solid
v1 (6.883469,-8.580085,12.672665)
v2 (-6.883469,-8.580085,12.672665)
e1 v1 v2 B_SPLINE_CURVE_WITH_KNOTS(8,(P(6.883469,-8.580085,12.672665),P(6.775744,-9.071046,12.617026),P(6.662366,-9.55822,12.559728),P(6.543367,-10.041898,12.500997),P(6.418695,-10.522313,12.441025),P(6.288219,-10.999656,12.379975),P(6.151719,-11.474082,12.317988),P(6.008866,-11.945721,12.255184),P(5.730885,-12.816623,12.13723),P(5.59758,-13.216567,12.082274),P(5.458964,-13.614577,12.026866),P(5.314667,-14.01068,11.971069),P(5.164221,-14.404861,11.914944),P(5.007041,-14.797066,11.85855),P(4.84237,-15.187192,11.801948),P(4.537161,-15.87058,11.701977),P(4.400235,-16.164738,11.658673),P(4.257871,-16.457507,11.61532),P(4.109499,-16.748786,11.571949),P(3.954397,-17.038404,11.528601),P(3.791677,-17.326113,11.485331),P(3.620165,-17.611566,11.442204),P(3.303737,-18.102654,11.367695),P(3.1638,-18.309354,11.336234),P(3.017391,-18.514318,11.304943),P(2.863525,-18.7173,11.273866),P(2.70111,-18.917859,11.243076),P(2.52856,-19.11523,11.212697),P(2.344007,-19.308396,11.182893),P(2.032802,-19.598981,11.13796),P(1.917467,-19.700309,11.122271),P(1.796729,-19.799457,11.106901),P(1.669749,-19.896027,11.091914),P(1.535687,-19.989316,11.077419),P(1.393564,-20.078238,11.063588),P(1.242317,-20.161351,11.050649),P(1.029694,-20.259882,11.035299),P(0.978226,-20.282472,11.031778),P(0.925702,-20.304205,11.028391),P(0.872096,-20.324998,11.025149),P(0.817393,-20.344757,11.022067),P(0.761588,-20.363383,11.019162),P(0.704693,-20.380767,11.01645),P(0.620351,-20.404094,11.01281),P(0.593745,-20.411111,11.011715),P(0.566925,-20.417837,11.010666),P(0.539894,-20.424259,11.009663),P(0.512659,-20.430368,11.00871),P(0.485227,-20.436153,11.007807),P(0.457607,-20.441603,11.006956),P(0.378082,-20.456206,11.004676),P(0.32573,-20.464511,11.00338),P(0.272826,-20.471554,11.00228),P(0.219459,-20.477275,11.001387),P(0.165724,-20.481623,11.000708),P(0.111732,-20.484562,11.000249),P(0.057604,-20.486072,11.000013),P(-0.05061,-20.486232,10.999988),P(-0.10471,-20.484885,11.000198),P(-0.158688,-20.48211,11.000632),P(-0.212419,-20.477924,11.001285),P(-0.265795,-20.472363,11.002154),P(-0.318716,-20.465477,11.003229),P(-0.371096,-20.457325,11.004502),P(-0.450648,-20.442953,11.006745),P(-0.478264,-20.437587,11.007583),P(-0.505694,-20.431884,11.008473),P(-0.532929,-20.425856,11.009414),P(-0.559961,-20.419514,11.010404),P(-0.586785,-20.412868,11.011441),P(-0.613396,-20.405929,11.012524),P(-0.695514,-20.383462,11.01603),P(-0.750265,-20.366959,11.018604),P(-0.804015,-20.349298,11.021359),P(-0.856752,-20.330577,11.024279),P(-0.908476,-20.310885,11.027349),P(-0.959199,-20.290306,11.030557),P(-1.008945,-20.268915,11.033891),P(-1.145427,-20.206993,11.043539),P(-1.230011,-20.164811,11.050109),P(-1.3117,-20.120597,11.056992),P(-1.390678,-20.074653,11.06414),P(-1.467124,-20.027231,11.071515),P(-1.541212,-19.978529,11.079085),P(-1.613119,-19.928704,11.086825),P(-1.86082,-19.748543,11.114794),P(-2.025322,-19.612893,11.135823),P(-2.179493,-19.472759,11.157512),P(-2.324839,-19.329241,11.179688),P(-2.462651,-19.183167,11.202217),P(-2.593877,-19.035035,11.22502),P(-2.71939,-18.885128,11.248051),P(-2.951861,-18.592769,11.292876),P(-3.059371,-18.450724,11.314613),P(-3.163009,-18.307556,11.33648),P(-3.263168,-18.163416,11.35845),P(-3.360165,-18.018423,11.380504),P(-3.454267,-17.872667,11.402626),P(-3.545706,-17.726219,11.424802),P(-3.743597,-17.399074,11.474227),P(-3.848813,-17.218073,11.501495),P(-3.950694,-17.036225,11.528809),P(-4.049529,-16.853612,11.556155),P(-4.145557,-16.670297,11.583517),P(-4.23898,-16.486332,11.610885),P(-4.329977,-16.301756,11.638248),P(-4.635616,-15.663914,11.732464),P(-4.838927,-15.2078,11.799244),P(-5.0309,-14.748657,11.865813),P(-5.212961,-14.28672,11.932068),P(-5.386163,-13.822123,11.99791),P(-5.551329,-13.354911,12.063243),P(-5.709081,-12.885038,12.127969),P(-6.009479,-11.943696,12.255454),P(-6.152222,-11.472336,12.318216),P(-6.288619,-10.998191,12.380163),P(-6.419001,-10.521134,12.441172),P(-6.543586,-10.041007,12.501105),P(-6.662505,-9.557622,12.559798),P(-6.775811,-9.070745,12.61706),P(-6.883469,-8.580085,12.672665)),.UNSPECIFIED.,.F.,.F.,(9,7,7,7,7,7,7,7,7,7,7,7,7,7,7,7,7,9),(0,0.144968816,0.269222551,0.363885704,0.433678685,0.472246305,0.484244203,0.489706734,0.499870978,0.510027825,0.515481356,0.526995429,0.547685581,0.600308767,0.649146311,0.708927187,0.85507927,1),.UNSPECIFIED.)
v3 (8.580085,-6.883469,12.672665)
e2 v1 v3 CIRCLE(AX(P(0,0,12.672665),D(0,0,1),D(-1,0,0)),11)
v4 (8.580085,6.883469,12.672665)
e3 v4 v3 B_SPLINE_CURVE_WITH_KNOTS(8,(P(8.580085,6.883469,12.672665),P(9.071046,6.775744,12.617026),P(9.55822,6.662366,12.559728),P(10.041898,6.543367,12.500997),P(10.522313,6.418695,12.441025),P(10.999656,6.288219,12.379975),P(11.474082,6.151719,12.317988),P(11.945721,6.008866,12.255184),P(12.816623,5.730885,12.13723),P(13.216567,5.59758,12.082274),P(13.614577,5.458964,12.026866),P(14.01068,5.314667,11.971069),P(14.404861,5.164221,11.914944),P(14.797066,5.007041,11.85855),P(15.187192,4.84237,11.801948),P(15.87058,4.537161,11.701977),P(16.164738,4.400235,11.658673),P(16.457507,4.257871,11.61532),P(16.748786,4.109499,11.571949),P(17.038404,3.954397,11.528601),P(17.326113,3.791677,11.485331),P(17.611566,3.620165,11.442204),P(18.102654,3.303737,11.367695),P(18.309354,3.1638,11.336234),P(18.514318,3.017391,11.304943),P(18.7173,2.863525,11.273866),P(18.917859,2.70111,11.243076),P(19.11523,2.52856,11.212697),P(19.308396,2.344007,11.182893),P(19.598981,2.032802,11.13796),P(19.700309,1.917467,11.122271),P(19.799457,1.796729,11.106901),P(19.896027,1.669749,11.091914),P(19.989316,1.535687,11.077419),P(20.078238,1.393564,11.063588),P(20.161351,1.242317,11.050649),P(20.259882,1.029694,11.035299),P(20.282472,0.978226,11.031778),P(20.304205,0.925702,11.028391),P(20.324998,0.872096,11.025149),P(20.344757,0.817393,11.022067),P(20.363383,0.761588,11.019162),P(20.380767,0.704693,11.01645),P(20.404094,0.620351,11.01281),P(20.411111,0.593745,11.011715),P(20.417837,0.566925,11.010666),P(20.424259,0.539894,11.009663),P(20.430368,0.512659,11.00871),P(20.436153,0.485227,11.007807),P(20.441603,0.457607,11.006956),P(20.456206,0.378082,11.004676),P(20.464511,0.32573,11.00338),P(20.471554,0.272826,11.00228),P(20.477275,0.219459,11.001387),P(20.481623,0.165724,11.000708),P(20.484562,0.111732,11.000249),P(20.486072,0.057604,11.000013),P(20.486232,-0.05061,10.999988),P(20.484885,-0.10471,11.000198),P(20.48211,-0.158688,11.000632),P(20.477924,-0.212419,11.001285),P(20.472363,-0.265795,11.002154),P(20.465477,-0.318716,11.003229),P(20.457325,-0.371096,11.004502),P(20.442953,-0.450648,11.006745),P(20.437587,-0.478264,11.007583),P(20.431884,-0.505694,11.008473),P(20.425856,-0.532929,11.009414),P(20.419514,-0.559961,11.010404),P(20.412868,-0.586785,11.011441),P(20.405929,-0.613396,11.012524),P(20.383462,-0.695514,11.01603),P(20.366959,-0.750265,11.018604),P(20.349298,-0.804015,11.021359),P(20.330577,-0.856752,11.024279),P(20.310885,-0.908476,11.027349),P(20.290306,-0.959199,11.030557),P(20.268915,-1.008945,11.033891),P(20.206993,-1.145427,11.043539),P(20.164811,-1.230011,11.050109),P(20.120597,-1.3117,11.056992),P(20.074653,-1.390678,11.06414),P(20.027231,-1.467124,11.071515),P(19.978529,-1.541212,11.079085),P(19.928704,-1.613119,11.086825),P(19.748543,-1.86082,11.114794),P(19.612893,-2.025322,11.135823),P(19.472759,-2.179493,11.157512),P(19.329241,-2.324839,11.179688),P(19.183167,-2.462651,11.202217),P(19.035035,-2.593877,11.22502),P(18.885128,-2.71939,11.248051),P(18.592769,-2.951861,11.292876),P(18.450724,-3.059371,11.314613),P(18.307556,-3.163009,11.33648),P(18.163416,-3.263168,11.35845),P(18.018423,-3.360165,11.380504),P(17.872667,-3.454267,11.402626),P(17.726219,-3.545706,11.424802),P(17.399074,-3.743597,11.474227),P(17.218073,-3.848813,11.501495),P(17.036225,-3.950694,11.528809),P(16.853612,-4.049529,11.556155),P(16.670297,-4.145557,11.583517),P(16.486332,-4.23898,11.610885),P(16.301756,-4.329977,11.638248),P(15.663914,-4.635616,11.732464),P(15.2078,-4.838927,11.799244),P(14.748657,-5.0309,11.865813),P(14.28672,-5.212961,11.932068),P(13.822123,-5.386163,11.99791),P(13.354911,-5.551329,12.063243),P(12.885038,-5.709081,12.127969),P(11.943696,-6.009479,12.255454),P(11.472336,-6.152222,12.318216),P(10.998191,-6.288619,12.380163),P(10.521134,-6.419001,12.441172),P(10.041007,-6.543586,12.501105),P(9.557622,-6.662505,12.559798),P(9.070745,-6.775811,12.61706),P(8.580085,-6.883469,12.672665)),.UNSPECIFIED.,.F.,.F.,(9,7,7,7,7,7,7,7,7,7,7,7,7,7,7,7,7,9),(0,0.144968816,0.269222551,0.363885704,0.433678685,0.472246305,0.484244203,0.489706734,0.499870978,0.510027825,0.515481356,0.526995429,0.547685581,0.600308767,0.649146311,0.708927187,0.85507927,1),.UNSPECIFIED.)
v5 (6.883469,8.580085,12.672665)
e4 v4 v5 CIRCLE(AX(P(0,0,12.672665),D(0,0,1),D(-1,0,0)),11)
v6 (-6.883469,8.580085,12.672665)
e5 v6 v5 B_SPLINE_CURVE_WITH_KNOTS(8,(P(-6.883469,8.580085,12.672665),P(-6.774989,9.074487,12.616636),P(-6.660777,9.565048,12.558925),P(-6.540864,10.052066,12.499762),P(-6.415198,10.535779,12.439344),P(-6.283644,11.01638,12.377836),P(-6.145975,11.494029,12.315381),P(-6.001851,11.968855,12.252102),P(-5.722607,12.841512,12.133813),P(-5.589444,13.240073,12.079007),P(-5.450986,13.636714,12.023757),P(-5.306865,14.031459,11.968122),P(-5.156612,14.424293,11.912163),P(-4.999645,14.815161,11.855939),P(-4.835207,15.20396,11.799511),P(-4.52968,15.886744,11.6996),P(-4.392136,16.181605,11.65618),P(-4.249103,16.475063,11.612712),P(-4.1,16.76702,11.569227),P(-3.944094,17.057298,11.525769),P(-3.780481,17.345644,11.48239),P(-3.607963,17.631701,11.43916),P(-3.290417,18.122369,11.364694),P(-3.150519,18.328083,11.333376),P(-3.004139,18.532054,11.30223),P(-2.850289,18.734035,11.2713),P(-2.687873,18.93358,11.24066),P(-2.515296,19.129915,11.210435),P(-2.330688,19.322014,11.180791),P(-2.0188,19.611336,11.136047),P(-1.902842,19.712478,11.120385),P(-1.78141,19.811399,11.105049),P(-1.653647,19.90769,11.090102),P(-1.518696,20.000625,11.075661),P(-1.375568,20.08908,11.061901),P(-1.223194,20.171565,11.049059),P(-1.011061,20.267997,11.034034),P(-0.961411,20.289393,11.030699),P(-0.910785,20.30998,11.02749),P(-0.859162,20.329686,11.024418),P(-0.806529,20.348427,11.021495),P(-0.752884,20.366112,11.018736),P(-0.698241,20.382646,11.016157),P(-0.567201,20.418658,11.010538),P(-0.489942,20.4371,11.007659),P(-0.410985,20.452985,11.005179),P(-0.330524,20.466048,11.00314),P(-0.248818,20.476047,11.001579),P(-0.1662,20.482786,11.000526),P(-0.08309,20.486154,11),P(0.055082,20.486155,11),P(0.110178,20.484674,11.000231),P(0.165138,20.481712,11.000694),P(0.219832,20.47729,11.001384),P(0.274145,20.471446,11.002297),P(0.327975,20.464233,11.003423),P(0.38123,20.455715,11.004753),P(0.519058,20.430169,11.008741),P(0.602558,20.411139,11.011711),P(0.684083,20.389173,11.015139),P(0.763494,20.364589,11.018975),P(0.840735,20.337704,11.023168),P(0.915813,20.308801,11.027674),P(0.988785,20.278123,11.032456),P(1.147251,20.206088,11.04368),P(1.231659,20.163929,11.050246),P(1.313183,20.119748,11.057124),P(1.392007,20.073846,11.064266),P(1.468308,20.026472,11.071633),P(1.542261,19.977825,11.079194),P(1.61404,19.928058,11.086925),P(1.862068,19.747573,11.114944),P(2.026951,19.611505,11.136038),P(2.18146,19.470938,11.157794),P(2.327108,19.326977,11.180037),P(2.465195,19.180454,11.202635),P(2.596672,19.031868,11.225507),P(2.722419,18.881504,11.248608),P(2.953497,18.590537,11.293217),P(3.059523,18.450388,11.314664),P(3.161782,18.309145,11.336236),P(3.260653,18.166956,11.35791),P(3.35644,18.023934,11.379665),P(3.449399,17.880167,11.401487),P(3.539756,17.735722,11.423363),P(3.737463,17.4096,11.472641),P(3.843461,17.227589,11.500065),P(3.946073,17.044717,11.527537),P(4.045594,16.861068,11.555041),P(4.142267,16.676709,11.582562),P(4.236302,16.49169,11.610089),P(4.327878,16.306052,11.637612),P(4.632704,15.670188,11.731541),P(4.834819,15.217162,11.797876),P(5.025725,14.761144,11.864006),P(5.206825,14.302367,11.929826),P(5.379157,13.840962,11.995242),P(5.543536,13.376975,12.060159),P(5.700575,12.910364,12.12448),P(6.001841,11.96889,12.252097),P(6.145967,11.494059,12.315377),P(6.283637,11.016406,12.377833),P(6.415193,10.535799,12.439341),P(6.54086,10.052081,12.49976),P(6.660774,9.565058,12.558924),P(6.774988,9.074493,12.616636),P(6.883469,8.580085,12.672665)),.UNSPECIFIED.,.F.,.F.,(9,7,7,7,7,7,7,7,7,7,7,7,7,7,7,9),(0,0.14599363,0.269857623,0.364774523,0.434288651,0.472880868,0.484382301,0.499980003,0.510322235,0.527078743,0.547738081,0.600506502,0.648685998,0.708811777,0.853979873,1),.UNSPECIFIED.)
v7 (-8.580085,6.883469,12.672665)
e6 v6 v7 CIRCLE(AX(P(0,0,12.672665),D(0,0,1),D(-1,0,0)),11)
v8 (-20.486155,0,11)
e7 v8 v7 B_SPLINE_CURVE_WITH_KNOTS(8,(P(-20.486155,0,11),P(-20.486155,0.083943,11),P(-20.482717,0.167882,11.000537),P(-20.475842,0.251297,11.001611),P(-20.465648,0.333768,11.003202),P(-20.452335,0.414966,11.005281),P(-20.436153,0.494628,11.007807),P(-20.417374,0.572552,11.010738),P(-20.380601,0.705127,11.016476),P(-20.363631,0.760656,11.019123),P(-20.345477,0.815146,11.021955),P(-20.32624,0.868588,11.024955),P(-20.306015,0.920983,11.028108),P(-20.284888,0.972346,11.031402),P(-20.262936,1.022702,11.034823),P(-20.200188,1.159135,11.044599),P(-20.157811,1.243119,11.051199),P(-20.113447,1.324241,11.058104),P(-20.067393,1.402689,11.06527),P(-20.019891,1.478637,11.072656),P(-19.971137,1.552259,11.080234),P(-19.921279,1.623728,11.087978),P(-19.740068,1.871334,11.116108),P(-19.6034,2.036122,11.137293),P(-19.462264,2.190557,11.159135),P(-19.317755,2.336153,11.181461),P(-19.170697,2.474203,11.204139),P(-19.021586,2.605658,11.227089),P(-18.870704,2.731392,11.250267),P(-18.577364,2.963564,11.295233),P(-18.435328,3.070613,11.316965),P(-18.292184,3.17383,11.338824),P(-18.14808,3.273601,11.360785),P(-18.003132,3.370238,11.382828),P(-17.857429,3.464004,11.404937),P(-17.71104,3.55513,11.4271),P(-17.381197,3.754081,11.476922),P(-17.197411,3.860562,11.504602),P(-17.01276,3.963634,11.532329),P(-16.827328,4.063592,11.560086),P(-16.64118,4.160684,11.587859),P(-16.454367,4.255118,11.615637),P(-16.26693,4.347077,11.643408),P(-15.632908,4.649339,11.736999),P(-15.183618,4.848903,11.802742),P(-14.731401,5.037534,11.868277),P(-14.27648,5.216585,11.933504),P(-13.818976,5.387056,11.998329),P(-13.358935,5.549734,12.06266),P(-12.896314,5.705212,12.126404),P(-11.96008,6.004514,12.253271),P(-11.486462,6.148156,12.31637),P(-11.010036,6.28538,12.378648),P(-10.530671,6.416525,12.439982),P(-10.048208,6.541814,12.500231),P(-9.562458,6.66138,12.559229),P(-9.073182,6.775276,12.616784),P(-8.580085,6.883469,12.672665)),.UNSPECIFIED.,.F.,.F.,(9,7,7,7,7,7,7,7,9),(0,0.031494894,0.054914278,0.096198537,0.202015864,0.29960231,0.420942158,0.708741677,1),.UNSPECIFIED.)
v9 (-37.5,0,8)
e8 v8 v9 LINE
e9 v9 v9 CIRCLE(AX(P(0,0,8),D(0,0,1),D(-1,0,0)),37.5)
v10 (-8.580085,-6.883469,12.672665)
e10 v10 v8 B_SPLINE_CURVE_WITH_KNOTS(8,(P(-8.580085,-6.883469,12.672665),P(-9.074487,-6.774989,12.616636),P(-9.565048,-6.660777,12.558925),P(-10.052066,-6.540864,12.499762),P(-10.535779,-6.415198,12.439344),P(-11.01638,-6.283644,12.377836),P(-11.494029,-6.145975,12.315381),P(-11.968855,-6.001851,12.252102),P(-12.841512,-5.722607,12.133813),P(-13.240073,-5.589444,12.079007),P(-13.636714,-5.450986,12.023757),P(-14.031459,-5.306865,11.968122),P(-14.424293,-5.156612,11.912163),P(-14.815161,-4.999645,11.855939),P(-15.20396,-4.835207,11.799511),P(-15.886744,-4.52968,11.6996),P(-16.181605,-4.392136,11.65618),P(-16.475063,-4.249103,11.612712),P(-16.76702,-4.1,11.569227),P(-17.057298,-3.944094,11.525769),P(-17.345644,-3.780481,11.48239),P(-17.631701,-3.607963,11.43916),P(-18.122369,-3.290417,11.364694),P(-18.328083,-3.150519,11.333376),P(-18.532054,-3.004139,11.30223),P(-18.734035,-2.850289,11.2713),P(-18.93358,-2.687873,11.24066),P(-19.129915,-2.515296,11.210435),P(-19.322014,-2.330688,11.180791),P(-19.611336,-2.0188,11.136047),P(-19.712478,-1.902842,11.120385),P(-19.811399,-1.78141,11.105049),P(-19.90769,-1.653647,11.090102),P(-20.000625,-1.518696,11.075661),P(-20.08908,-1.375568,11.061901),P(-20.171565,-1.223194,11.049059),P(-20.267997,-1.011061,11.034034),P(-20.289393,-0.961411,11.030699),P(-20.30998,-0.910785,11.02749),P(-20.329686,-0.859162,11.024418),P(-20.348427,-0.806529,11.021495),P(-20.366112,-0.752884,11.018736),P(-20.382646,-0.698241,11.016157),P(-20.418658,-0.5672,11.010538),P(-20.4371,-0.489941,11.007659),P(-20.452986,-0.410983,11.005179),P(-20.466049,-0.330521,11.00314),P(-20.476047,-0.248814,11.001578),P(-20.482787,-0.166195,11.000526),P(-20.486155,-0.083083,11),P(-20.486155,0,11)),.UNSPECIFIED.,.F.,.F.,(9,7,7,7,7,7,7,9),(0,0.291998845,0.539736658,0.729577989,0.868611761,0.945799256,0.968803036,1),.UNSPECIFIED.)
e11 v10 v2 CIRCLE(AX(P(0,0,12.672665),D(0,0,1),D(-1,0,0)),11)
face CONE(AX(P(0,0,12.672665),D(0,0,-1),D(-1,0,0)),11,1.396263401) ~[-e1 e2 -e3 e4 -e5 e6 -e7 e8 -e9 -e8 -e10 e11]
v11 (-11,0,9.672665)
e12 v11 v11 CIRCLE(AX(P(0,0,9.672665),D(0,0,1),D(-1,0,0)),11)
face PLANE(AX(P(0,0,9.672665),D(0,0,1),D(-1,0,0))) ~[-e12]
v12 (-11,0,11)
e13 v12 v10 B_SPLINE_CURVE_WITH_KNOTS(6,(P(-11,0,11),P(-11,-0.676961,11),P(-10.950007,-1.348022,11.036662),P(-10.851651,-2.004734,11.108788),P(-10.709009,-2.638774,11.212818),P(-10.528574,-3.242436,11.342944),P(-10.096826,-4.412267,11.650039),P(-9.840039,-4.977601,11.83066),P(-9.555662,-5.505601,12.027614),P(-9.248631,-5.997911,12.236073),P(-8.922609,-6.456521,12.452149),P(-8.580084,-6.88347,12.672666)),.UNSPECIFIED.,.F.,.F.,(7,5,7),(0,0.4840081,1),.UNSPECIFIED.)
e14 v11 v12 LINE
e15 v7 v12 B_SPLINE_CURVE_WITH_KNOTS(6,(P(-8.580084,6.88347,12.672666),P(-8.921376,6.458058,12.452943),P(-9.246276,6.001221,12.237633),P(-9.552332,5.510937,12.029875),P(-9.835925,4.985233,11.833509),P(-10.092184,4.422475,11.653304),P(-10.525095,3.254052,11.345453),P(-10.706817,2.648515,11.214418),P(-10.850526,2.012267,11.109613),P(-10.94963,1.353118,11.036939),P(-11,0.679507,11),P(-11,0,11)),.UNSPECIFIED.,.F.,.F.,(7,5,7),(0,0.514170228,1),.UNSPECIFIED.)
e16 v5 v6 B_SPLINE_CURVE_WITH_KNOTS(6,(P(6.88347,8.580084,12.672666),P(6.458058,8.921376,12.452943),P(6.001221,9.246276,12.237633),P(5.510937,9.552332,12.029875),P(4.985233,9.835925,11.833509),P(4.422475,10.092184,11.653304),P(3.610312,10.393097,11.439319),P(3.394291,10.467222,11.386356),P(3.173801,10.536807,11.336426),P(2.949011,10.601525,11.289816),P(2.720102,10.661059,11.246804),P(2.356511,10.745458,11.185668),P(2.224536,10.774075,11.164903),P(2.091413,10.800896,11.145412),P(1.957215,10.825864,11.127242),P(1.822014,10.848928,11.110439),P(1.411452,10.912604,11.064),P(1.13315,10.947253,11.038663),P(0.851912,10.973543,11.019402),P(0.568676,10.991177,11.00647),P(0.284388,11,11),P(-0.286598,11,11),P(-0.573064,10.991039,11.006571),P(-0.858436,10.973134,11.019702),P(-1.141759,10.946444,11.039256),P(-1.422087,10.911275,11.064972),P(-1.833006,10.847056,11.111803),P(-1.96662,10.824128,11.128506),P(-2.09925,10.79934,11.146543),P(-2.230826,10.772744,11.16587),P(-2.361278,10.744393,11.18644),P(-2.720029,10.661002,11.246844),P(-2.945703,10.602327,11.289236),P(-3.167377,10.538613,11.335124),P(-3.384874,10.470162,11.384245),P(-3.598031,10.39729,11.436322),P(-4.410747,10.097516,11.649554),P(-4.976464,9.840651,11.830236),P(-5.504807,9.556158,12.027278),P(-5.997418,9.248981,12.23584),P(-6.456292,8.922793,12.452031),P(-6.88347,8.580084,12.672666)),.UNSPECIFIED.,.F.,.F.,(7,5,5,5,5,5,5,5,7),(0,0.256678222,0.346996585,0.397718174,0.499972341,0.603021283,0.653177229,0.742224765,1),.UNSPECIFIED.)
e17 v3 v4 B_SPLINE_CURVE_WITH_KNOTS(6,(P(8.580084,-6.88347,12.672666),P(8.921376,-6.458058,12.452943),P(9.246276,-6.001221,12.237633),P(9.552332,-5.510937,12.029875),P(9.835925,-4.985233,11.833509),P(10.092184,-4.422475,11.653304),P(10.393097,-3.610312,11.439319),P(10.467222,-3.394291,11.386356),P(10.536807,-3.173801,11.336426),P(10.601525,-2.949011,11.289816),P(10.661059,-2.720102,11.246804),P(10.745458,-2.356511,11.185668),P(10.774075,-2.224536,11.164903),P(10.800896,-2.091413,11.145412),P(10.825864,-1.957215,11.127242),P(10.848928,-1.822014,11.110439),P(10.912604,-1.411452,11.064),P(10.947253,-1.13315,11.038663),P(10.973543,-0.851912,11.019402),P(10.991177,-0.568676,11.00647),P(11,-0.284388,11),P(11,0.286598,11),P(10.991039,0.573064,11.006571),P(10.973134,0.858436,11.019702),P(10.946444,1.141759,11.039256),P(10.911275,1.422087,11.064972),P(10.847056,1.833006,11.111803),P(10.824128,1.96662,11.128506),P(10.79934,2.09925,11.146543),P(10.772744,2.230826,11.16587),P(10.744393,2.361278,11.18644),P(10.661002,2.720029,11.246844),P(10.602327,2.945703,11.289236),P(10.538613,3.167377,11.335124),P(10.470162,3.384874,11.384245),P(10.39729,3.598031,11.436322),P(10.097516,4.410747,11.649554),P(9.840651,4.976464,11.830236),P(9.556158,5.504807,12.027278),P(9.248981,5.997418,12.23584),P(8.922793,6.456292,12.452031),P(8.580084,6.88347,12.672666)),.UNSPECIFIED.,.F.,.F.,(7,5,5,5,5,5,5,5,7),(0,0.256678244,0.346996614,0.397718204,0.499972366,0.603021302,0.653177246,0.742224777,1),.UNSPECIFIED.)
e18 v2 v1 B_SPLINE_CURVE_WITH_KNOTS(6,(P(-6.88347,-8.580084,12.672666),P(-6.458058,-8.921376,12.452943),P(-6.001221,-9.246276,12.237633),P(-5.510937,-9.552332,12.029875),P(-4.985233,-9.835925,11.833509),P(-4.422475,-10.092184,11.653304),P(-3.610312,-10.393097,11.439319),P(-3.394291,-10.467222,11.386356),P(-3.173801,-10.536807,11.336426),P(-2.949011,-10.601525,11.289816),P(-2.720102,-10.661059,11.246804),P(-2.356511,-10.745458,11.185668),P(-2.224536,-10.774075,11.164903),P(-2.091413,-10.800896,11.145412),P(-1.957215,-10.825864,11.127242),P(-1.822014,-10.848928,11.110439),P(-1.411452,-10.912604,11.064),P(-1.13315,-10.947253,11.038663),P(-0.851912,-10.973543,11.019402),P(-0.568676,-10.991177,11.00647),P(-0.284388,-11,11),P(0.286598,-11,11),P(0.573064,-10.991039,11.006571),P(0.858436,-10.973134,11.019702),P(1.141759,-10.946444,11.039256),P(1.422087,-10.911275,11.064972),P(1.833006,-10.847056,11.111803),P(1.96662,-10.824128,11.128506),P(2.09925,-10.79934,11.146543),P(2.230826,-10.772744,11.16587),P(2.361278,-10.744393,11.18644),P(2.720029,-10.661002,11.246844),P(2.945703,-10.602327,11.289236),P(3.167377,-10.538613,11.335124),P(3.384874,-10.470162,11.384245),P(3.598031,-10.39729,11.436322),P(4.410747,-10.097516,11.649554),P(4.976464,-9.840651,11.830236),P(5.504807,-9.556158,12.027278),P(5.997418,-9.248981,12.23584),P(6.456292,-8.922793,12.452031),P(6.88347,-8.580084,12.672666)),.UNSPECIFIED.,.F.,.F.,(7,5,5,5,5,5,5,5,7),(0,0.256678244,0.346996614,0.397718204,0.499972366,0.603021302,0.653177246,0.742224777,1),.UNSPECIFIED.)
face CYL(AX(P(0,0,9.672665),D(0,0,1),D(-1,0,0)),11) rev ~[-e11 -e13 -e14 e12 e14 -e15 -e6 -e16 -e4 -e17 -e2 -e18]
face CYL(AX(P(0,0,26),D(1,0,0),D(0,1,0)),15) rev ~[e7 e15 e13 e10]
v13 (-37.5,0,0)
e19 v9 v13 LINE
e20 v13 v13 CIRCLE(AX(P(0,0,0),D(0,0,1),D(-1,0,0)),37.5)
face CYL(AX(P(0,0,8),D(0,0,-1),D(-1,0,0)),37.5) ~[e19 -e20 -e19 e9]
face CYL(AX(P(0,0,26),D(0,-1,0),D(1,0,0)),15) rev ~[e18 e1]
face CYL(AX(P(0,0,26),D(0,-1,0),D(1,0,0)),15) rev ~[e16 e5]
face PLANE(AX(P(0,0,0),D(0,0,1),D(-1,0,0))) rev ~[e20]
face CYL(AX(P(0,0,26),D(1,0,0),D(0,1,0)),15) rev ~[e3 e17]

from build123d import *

# Parameters (mm, degrees)
F2_R     = 15
F3_DEPTH = 40
F4_ANGLE = 90


with BuildPart() as f1:
    # F0 (on Front) → F1 (revolve)
    with BuildSketch(Plane.XZ):
        Polygon((-37.5, 8), (-37.5, 0), (0, 0), (0, 9.672665), (-11, 9.672665), (-11, 12.672665), align=None)
    revolve(axis=Axis((0, 0, -11.012315), (0, 0, 1)))


with BuildPart() as f3:
    # F2 (on Front) → F3 (new body, symmetric)
    with BuildSketch(Plane.XZ):
        with Locations((0, 26)):
            Circle(F2_R)
    extrude(amount=F3_DEPTH, both=True)


with BuildPart() as f4_1:
    # F4: copy of F3
    add(f3.part.rotate(Axis((0, 0, -11.012315), (0, 0, 1)), F4_ANGLE))


with BuildPart() as f1_1:
    add(f1.part)

    # F5: cut F3, F4_1
    add(f3.part, mode=Mode.SUBTRACT)
    add(f4_1.part, mode=Mode.SUBTRACT)


solid = f1_1.part
